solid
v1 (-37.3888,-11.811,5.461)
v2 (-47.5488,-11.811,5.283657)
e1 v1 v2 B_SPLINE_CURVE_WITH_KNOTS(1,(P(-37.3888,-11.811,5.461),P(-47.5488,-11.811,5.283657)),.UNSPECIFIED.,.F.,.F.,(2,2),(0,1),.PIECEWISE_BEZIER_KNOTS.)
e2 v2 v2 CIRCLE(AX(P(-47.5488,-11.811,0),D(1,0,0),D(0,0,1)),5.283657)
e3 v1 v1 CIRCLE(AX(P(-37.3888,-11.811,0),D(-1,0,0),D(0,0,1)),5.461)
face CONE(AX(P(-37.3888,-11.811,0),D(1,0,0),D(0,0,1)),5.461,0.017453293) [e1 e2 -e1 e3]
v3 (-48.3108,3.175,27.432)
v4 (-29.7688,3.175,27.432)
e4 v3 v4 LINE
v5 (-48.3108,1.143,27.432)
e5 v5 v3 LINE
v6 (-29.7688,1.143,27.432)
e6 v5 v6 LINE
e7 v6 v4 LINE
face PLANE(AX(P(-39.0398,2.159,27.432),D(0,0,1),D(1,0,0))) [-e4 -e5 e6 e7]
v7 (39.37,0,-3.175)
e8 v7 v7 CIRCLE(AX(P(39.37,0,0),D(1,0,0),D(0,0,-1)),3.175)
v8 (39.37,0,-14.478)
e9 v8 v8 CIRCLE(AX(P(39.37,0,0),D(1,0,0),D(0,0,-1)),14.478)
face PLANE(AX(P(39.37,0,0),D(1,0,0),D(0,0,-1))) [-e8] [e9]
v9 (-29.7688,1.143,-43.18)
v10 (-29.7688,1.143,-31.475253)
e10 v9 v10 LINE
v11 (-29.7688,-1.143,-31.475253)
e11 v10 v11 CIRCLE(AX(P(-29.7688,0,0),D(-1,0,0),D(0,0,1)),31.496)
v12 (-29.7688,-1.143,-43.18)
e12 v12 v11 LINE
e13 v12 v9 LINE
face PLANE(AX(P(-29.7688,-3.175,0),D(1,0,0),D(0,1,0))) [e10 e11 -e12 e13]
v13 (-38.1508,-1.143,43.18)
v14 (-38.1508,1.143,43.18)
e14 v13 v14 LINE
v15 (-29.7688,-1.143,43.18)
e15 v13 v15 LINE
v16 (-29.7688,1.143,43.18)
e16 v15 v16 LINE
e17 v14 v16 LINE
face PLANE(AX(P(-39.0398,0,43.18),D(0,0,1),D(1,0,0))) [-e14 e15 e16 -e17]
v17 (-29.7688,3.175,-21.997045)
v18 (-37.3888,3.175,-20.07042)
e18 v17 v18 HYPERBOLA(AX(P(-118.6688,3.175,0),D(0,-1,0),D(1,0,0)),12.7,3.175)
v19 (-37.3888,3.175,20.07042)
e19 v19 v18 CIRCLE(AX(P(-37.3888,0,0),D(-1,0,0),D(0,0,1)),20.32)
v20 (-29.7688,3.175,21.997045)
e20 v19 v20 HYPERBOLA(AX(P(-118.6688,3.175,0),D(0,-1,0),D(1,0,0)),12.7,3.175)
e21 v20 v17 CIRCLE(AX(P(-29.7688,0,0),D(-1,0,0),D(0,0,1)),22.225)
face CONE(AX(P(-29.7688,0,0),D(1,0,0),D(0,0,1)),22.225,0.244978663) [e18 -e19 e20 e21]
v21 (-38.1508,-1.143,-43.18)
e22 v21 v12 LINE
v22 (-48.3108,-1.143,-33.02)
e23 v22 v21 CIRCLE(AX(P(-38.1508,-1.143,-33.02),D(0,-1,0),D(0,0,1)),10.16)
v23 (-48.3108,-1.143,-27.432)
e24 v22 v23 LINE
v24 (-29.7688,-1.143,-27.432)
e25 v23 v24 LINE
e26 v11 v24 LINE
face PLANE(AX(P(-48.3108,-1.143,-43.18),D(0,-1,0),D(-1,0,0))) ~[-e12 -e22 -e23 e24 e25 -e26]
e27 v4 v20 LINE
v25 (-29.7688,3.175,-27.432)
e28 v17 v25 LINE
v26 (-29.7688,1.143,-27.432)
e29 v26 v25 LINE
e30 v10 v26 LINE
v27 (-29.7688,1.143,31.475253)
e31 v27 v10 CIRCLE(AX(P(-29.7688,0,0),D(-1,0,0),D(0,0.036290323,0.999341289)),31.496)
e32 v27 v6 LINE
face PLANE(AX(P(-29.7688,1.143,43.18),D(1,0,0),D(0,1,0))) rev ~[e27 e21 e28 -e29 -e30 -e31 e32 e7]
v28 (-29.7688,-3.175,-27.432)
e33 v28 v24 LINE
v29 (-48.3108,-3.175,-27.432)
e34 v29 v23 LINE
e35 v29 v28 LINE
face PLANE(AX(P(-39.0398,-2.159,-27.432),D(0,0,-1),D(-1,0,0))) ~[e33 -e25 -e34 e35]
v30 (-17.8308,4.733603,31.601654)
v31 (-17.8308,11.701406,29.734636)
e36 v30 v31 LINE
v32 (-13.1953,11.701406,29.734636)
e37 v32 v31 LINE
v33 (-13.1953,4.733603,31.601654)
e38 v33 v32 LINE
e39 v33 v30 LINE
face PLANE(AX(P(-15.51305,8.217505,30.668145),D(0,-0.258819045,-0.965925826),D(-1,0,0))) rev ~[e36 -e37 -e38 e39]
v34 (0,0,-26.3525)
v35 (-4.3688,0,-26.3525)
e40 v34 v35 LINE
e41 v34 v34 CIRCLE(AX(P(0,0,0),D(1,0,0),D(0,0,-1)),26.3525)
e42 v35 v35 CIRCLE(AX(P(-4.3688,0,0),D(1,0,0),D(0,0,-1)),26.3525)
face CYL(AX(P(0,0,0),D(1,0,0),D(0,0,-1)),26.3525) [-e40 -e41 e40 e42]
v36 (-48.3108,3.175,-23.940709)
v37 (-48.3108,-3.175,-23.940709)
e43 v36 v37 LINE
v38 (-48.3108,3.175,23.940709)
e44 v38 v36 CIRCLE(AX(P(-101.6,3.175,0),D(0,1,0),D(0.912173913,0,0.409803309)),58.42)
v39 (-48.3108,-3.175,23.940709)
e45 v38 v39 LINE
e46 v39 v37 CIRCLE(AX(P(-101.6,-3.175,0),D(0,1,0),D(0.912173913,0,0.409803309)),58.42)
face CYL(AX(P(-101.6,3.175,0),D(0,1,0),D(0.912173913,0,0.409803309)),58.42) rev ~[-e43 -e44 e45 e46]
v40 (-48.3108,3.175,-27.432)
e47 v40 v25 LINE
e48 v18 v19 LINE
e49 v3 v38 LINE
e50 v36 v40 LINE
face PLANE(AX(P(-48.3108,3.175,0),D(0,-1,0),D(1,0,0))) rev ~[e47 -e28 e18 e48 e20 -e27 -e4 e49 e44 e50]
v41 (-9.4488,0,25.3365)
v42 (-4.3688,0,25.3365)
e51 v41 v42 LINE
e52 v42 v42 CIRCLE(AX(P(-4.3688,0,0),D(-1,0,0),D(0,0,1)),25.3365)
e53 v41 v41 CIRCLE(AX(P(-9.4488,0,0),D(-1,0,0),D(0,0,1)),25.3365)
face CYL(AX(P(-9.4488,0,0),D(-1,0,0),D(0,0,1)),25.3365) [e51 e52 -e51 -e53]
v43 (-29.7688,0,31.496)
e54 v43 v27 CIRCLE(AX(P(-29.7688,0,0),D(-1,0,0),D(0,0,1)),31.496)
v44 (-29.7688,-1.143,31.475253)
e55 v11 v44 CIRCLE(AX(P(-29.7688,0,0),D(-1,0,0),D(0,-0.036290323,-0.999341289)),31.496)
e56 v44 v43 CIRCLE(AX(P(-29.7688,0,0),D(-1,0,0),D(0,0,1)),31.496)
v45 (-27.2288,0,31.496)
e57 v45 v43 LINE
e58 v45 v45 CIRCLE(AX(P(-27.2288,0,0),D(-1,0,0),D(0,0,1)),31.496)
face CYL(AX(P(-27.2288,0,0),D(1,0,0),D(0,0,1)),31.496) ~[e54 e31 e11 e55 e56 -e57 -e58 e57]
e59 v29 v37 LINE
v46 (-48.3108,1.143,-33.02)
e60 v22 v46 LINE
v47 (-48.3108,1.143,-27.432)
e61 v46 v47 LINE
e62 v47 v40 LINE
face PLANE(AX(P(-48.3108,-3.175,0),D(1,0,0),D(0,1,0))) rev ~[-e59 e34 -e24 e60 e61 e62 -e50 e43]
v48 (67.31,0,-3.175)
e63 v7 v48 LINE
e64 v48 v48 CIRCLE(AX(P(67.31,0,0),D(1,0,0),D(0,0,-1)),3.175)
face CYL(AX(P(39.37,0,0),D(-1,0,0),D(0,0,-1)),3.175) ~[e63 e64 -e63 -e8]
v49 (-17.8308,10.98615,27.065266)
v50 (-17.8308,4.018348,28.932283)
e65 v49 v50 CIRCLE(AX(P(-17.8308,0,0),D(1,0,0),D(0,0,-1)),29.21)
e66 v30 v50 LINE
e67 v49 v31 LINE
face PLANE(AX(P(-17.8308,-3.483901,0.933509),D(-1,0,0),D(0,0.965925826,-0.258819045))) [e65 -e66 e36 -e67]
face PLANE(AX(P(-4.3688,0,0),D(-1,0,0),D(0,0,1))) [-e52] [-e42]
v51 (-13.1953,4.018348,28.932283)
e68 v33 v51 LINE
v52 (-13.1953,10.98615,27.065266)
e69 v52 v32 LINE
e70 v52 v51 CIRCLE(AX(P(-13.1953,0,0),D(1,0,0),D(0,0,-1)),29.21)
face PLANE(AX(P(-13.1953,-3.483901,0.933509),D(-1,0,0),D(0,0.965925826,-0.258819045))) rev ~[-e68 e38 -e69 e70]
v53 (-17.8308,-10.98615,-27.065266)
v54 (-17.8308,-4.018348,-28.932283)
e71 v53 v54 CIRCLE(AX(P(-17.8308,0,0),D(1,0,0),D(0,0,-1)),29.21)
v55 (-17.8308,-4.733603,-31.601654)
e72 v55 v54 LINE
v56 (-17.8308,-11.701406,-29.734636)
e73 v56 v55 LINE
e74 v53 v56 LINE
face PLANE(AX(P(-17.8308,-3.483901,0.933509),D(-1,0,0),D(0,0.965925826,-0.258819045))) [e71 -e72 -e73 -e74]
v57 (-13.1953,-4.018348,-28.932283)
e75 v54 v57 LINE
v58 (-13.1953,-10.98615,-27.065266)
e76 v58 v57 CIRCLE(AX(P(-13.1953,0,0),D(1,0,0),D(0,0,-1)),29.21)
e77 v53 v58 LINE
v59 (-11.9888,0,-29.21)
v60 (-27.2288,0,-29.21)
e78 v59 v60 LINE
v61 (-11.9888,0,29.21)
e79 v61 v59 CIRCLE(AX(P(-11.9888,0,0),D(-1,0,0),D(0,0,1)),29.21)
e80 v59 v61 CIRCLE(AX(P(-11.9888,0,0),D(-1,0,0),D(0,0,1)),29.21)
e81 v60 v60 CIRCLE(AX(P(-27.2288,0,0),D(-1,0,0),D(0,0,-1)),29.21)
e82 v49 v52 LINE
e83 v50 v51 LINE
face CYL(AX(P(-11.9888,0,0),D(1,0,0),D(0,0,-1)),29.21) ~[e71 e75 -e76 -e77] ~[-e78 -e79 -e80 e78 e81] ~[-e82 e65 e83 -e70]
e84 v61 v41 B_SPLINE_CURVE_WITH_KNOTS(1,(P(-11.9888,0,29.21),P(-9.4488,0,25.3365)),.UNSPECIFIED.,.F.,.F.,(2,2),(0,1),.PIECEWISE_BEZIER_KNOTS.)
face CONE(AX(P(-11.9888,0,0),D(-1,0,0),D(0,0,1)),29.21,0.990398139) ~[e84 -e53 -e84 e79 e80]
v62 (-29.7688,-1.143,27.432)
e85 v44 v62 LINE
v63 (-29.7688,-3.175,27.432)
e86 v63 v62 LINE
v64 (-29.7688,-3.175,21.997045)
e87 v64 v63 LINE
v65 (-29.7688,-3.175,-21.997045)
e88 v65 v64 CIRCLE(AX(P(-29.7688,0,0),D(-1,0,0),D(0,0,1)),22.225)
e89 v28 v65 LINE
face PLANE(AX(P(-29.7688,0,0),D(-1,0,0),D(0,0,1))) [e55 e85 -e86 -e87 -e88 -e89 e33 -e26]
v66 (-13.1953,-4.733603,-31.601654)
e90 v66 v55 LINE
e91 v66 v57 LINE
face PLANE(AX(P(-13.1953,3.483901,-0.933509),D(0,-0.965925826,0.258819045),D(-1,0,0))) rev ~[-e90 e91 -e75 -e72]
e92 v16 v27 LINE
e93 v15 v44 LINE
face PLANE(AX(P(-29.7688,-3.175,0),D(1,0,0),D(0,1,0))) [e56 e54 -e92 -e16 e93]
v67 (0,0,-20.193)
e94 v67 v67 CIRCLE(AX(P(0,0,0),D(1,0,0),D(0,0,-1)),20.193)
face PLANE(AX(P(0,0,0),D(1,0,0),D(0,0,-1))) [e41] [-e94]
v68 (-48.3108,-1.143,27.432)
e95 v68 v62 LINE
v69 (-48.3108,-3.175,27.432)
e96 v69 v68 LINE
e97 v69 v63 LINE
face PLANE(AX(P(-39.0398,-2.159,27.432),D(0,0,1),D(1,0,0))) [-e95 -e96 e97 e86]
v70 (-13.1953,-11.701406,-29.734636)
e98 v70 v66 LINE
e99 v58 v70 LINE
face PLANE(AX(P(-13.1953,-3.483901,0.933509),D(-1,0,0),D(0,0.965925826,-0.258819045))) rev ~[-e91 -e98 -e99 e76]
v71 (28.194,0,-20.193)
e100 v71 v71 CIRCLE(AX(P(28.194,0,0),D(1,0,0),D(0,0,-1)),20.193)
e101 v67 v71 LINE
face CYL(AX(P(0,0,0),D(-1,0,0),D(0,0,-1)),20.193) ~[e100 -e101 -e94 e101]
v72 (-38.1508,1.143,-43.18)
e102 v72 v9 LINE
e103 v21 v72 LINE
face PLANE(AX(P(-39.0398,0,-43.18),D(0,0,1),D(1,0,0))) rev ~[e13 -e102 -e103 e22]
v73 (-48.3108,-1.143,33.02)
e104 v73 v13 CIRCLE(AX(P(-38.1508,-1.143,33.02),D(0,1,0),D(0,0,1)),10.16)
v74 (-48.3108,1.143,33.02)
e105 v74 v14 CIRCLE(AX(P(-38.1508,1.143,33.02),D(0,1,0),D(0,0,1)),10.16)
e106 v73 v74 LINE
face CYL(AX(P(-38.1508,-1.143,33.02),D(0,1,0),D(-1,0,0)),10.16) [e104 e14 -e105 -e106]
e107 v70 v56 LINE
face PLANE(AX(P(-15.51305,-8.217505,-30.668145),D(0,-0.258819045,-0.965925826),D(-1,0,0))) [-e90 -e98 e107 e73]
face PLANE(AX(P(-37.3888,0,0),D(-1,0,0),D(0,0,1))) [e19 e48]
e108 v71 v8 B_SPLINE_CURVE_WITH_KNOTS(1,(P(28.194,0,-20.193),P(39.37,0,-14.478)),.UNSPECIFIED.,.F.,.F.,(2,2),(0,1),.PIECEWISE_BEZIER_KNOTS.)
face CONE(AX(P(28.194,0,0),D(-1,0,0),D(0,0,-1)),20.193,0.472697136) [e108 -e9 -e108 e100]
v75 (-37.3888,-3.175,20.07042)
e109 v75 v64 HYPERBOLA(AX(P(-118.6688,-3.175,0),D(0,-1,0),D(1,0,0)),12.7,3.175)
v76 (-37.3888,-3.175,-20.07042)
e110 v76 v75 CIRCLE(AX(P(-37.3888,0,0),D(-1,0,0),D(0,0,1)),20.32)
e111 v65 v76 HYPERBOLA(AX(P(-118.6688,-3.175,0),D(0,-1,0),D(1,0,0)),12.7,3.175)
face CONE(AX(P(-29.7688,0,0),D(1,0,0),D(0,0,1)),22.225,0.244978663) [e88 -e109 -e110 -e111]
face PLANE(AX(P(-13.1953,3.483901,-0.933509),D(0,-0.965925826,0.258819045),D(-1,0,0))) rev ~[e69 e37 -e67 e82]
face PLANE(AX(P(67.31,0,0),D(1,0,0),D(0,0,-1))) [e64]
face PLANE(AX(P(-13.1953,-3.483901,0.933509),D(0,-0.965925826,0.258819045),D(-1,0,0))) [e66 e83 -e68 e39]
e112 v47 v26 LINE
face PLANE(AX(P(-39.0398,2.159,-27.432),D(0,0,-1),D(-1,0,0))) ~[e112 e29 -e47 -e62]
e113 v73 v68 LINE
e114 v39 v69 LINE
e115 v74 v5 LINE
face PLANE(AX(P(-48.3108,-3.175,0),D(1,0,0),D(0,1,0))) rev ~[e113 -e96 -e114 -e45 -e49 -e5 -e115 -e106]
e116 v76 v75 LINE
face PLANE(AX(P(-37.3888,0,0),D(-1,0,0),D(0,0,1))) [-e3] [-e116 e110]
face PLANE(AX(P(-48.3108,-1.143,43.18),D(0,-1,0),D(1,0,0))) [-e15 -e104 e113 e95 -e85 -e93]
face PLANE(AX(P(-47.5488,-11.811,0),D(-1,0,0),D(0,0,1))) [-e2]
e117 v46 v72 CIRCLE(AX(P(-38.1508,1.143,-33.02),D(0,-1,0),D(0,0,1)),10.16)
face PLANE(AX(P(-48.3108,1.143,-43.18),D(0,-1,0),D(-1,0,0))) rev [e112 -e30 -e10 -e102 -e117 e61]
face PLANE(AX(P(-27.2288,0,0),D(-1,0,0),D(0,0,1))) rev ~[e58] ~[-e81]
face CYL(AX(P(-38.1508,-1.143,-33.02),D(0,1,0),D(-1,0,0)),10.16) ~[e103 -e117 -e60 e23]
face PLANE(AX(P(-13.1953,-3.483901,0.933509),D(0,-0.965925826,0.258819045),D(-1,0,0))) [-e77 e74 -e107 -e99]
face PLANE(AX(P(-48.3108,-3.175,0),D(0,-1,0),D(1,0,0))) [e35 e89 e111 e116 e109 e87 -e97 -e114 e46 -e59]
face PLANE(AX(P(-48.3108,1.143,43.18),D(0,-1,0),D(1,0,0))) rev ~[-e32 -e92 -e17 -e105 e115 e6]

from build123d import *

# Parameters (mm, degrees)
SKETCH1_R           = 20.193
BOSS_EXTRUDE1_DEPTH = 28.194
SKETCH2_R           = 20.193
SKETCH3_R           = 14.478
SKETCH4_R           = 3.175
BOSS_EXTRUDE2_DEPTH = 27.94
SKETCH5_R           = 26.3525
BOSS_EXTRUDE4_DEPTH = 9.4488
SKETCH6_OUTSIDE_W   = 76.102
SKETCH6_OUTSIDE_H   = 76.102
SKETCH6_OUTSIDE_R   = 25.3365
CUT_EXTRUDE1_DEPTH  = 5.08
SKETCH9_R           = 29.21
SKETCH10_R          = 29.21
BOSS_EXTRUDE5_DEPTH = 15.24
SKETCH11_R          = 31.496
BOSS_EXTRUDE6_DEPTH = 2.54
SKETCH14_R          = 22.225
SKETCH12_R          = 20.32
SKETCH15_W          = 18.542
SKETCH15_H          = 6.35
BOSS_EXTRUDE7_DEPTH = 43.18
SKETCH16_W          = 18.542
SKETCH16_H          = 2.032
CUT_EXTRUDE2_DEPTH  = 15.748
SKETCH17_R          = 5.461
BOSS_EXTRUDE8_DEPTH = 10.16
BOSS_EXTRUDE8_TAPER = 1
CUT_EXTRUDE3_REACH  = 89.162
FILLET1_R           = 10.16
FILLET3_R           = 10.16
SKETCH20_W          = 4.6355
SKETCH20_H          = 7.2136
BOSS_EXTRUDE9_DEPTH = 31.75


with BuildPart() as part:
    # Sketch1 → Boss-Extrude1 (new body)
    with BuildSketch(Plane(origin=(0, 0, 0), x_dir=(0, 0, -1), z_dir=(1, 0, 0))):
        Circle(SKETCH1_R)
    extrude(amount=BOSS_EXTRUDE1_DEPTH)

    # Sketch2 → Loft2 section 0
    with BuildSketch(Plane(origin=(28.194, 0, 0), x_dir=(0, 0, -1), z_dir=(1, 0, 0))):
        Circle(SKETCH2_R)
    # Sketch3 → Loft2 section 1
    with BuildSketch(Plane(origin=(39.37, 0, 0), x_dir=(0, 0, -1), z_dir=(1, 0, 0))):
        Circle(SKETCH3_R)
    loft()

    # Sketch4 → Boss-Extrude2 (add)
    with BuildSketch(Plane(origin=(39.37, 0, 0), x_dir=(0, 0, -1), z_dir=(1, 0, 0))):
        Circle(SKETCH4_R)
    extrude(amount=BOSS_EXTRUDE2_DEPTH)

    # Sketch5 → Boss-Extrude4 (add)
    with BuildSketch(Plane(origin=(0, 0, 0), x_dir=(0, 0, -1), z_dir=(1, 0, 0))):
        Circle(SKETCH5_R)
    extrude(amount=-BOSS_EXTRUDE4_DEPTH)

    # Sketch6 outside → Cut-Extrude1 (cut)
    with BuildSketch(Plane.ZY.offset(9.4488)):
        Rectangle(SKETCH6_OUTSIDE_W, SKETCH6_OUTSIDE_H)
        Circle(SKETCH6_OUTSIDE_R, mode=Mode.SUBTRACT)
    extrude(amount=-CUT_EXTRUDE1_DEPTH, mode=Mode.SUBTRACT)

    # Sketch9 → section 0 of loft3
    with BuildSketch(Plane.ZY.offset(11.9888), mode=Mode.PRIVATE) as loft3_s0:
        Circle(SKETCH9_R)
    # loft up to a face of the part (loft3)
    loft([loft3_s0.sketch, Face(Wire([part.edges().sort_by_distance((-9.4488, 18.469513629, -17.344027749))[0]]))])

    # Sketch10 → Boss-Extrude5 (add)
    with BuildSketch(Plane.ZY.offset(11.9888)):
        with Locations(Location((0, 0, 0), (0, 0, 180))):
            Circle(SKETCH10_R)
    extrude(amount=BOSS_EXTRUDE5_DEPTH)

    # Sketch11 → Boss-Extrude6 (add)
    with BuildSketch(Plane.ZY.offset(27.2288)):
        Circle(SKETCH11_R)
    extrude(amount=BOSS_EXTRUDE6_DEPTH)

    # Sketch14 → Loft6 section 0
    with BuildSketch(Plane.ZY.offset(29.7688)):
        Circle(SKETCH14_R)
    # Sketch12 → Loft6 section 1
    with BuildSketch(Plane.ZY.offset(37.3888)):
        Circle(SKETCH12_R)
    loft()

    # Sketch15 → Boss-Extrude7 (add, symmetric)
    with BuildSketch(Plane.XY):
        with Locations((-39.0398, 0)):
            Rectangle(SKETCH15_W, SKETCH15_H)
    extrude(amount=BOSS_EXTRUDE7_DEPTH, both=True)

    # Sketch16 → Cut-Extrude2 (cut)
    with BuildSketch(Plane.XY.offset(43.18)):
        with Locations((-39.0398, 2.159)):
            Rectangle(SKETCH16_W, SKETCH16_H)
        with Locations((-39.0398, -2.159)):
            Rectangle(SKETCH16_W, SKETCH16_H)
    cut_extrude2 = extrude(amount=-CUT_EXTRUDE2_DEPTH, mode=Mode.SUBTRACT)

    # Mirror1: Cut-Extrude2 across plane
    add(cut_extrude2.mirror(Plane.XY), mode=Mode.SUBTRACT)

    # Sketch17 → Boss-Extrude8 (add)
    with BuildSketch(Plane.ZY.offset(37.3888)):
        with Locations((0, -11.811)):
            Circle(SKETCH17_R)
    extrude(amount=BOSS_EXTRUDE8_DEPTH, taper=BOSS_EXTRUDE8_TAPER)

    # Sketch18 → Cut-Extrude3 (cut, up to next)
    with BuildSketch(Plane(origin=(0, 3.175, 0), x_dir=(1, 0, 0), z_dir=(0, 1, 0)), mode=Mode.PRIVATE) as cut_extrude3_sk1:
        with BuildLine():
            Line((-48.3108, 23.940709333), (-48.3108, -23.940709333))
            ThreePointArc((-48.3108, -23.940709333), (-43.18, 0), (-48.3108, 23.940709333))
        make_face()
    cut_extrude3_tool1 = extrude(cut_extrude3_sk1.sketch, amount=-CUT_EXTRUDE3_REACH, mode=Mode.PRIVATE) & part.part
    add(cut_extrude3_tool1.solids().sort_by_distance((-46.250554, 3.175, 0))[0], mode=Mode.SUBTRACT)

    # Fillet1
    fillet1_edges = [part.edges().sort_by_distance(p)[0] for p in [
        (-48.3108, 0, -43.18),
    ]]
    fillet(fillet1_edges, radius=FILLET1_R)

    # Fillet3
    fillet3_edges = [part.edges().sort_by_distance(p)[0] for p in [
        (-48.3108, 0, 43.18),
    ]]
    fillet(fillet3_edges, radius=FILLET3_R)

    # Sketch20 → Boss-Extrude9 (add, symmetric)
    with BuildSketch(Plane(origin=(0, 0, 0), x_dir=(-1, 0, 0), z_dir=(0, -0.25881904510250753, -0.9659258262890719))):
        with Locations((15.51305, 0)):
            Rectangle(SKETCH20_W, SKETCH20_H)
    extrude(amount=BOSS_EXTRUDE9_DEPTH, both=True)


solid = part.part
